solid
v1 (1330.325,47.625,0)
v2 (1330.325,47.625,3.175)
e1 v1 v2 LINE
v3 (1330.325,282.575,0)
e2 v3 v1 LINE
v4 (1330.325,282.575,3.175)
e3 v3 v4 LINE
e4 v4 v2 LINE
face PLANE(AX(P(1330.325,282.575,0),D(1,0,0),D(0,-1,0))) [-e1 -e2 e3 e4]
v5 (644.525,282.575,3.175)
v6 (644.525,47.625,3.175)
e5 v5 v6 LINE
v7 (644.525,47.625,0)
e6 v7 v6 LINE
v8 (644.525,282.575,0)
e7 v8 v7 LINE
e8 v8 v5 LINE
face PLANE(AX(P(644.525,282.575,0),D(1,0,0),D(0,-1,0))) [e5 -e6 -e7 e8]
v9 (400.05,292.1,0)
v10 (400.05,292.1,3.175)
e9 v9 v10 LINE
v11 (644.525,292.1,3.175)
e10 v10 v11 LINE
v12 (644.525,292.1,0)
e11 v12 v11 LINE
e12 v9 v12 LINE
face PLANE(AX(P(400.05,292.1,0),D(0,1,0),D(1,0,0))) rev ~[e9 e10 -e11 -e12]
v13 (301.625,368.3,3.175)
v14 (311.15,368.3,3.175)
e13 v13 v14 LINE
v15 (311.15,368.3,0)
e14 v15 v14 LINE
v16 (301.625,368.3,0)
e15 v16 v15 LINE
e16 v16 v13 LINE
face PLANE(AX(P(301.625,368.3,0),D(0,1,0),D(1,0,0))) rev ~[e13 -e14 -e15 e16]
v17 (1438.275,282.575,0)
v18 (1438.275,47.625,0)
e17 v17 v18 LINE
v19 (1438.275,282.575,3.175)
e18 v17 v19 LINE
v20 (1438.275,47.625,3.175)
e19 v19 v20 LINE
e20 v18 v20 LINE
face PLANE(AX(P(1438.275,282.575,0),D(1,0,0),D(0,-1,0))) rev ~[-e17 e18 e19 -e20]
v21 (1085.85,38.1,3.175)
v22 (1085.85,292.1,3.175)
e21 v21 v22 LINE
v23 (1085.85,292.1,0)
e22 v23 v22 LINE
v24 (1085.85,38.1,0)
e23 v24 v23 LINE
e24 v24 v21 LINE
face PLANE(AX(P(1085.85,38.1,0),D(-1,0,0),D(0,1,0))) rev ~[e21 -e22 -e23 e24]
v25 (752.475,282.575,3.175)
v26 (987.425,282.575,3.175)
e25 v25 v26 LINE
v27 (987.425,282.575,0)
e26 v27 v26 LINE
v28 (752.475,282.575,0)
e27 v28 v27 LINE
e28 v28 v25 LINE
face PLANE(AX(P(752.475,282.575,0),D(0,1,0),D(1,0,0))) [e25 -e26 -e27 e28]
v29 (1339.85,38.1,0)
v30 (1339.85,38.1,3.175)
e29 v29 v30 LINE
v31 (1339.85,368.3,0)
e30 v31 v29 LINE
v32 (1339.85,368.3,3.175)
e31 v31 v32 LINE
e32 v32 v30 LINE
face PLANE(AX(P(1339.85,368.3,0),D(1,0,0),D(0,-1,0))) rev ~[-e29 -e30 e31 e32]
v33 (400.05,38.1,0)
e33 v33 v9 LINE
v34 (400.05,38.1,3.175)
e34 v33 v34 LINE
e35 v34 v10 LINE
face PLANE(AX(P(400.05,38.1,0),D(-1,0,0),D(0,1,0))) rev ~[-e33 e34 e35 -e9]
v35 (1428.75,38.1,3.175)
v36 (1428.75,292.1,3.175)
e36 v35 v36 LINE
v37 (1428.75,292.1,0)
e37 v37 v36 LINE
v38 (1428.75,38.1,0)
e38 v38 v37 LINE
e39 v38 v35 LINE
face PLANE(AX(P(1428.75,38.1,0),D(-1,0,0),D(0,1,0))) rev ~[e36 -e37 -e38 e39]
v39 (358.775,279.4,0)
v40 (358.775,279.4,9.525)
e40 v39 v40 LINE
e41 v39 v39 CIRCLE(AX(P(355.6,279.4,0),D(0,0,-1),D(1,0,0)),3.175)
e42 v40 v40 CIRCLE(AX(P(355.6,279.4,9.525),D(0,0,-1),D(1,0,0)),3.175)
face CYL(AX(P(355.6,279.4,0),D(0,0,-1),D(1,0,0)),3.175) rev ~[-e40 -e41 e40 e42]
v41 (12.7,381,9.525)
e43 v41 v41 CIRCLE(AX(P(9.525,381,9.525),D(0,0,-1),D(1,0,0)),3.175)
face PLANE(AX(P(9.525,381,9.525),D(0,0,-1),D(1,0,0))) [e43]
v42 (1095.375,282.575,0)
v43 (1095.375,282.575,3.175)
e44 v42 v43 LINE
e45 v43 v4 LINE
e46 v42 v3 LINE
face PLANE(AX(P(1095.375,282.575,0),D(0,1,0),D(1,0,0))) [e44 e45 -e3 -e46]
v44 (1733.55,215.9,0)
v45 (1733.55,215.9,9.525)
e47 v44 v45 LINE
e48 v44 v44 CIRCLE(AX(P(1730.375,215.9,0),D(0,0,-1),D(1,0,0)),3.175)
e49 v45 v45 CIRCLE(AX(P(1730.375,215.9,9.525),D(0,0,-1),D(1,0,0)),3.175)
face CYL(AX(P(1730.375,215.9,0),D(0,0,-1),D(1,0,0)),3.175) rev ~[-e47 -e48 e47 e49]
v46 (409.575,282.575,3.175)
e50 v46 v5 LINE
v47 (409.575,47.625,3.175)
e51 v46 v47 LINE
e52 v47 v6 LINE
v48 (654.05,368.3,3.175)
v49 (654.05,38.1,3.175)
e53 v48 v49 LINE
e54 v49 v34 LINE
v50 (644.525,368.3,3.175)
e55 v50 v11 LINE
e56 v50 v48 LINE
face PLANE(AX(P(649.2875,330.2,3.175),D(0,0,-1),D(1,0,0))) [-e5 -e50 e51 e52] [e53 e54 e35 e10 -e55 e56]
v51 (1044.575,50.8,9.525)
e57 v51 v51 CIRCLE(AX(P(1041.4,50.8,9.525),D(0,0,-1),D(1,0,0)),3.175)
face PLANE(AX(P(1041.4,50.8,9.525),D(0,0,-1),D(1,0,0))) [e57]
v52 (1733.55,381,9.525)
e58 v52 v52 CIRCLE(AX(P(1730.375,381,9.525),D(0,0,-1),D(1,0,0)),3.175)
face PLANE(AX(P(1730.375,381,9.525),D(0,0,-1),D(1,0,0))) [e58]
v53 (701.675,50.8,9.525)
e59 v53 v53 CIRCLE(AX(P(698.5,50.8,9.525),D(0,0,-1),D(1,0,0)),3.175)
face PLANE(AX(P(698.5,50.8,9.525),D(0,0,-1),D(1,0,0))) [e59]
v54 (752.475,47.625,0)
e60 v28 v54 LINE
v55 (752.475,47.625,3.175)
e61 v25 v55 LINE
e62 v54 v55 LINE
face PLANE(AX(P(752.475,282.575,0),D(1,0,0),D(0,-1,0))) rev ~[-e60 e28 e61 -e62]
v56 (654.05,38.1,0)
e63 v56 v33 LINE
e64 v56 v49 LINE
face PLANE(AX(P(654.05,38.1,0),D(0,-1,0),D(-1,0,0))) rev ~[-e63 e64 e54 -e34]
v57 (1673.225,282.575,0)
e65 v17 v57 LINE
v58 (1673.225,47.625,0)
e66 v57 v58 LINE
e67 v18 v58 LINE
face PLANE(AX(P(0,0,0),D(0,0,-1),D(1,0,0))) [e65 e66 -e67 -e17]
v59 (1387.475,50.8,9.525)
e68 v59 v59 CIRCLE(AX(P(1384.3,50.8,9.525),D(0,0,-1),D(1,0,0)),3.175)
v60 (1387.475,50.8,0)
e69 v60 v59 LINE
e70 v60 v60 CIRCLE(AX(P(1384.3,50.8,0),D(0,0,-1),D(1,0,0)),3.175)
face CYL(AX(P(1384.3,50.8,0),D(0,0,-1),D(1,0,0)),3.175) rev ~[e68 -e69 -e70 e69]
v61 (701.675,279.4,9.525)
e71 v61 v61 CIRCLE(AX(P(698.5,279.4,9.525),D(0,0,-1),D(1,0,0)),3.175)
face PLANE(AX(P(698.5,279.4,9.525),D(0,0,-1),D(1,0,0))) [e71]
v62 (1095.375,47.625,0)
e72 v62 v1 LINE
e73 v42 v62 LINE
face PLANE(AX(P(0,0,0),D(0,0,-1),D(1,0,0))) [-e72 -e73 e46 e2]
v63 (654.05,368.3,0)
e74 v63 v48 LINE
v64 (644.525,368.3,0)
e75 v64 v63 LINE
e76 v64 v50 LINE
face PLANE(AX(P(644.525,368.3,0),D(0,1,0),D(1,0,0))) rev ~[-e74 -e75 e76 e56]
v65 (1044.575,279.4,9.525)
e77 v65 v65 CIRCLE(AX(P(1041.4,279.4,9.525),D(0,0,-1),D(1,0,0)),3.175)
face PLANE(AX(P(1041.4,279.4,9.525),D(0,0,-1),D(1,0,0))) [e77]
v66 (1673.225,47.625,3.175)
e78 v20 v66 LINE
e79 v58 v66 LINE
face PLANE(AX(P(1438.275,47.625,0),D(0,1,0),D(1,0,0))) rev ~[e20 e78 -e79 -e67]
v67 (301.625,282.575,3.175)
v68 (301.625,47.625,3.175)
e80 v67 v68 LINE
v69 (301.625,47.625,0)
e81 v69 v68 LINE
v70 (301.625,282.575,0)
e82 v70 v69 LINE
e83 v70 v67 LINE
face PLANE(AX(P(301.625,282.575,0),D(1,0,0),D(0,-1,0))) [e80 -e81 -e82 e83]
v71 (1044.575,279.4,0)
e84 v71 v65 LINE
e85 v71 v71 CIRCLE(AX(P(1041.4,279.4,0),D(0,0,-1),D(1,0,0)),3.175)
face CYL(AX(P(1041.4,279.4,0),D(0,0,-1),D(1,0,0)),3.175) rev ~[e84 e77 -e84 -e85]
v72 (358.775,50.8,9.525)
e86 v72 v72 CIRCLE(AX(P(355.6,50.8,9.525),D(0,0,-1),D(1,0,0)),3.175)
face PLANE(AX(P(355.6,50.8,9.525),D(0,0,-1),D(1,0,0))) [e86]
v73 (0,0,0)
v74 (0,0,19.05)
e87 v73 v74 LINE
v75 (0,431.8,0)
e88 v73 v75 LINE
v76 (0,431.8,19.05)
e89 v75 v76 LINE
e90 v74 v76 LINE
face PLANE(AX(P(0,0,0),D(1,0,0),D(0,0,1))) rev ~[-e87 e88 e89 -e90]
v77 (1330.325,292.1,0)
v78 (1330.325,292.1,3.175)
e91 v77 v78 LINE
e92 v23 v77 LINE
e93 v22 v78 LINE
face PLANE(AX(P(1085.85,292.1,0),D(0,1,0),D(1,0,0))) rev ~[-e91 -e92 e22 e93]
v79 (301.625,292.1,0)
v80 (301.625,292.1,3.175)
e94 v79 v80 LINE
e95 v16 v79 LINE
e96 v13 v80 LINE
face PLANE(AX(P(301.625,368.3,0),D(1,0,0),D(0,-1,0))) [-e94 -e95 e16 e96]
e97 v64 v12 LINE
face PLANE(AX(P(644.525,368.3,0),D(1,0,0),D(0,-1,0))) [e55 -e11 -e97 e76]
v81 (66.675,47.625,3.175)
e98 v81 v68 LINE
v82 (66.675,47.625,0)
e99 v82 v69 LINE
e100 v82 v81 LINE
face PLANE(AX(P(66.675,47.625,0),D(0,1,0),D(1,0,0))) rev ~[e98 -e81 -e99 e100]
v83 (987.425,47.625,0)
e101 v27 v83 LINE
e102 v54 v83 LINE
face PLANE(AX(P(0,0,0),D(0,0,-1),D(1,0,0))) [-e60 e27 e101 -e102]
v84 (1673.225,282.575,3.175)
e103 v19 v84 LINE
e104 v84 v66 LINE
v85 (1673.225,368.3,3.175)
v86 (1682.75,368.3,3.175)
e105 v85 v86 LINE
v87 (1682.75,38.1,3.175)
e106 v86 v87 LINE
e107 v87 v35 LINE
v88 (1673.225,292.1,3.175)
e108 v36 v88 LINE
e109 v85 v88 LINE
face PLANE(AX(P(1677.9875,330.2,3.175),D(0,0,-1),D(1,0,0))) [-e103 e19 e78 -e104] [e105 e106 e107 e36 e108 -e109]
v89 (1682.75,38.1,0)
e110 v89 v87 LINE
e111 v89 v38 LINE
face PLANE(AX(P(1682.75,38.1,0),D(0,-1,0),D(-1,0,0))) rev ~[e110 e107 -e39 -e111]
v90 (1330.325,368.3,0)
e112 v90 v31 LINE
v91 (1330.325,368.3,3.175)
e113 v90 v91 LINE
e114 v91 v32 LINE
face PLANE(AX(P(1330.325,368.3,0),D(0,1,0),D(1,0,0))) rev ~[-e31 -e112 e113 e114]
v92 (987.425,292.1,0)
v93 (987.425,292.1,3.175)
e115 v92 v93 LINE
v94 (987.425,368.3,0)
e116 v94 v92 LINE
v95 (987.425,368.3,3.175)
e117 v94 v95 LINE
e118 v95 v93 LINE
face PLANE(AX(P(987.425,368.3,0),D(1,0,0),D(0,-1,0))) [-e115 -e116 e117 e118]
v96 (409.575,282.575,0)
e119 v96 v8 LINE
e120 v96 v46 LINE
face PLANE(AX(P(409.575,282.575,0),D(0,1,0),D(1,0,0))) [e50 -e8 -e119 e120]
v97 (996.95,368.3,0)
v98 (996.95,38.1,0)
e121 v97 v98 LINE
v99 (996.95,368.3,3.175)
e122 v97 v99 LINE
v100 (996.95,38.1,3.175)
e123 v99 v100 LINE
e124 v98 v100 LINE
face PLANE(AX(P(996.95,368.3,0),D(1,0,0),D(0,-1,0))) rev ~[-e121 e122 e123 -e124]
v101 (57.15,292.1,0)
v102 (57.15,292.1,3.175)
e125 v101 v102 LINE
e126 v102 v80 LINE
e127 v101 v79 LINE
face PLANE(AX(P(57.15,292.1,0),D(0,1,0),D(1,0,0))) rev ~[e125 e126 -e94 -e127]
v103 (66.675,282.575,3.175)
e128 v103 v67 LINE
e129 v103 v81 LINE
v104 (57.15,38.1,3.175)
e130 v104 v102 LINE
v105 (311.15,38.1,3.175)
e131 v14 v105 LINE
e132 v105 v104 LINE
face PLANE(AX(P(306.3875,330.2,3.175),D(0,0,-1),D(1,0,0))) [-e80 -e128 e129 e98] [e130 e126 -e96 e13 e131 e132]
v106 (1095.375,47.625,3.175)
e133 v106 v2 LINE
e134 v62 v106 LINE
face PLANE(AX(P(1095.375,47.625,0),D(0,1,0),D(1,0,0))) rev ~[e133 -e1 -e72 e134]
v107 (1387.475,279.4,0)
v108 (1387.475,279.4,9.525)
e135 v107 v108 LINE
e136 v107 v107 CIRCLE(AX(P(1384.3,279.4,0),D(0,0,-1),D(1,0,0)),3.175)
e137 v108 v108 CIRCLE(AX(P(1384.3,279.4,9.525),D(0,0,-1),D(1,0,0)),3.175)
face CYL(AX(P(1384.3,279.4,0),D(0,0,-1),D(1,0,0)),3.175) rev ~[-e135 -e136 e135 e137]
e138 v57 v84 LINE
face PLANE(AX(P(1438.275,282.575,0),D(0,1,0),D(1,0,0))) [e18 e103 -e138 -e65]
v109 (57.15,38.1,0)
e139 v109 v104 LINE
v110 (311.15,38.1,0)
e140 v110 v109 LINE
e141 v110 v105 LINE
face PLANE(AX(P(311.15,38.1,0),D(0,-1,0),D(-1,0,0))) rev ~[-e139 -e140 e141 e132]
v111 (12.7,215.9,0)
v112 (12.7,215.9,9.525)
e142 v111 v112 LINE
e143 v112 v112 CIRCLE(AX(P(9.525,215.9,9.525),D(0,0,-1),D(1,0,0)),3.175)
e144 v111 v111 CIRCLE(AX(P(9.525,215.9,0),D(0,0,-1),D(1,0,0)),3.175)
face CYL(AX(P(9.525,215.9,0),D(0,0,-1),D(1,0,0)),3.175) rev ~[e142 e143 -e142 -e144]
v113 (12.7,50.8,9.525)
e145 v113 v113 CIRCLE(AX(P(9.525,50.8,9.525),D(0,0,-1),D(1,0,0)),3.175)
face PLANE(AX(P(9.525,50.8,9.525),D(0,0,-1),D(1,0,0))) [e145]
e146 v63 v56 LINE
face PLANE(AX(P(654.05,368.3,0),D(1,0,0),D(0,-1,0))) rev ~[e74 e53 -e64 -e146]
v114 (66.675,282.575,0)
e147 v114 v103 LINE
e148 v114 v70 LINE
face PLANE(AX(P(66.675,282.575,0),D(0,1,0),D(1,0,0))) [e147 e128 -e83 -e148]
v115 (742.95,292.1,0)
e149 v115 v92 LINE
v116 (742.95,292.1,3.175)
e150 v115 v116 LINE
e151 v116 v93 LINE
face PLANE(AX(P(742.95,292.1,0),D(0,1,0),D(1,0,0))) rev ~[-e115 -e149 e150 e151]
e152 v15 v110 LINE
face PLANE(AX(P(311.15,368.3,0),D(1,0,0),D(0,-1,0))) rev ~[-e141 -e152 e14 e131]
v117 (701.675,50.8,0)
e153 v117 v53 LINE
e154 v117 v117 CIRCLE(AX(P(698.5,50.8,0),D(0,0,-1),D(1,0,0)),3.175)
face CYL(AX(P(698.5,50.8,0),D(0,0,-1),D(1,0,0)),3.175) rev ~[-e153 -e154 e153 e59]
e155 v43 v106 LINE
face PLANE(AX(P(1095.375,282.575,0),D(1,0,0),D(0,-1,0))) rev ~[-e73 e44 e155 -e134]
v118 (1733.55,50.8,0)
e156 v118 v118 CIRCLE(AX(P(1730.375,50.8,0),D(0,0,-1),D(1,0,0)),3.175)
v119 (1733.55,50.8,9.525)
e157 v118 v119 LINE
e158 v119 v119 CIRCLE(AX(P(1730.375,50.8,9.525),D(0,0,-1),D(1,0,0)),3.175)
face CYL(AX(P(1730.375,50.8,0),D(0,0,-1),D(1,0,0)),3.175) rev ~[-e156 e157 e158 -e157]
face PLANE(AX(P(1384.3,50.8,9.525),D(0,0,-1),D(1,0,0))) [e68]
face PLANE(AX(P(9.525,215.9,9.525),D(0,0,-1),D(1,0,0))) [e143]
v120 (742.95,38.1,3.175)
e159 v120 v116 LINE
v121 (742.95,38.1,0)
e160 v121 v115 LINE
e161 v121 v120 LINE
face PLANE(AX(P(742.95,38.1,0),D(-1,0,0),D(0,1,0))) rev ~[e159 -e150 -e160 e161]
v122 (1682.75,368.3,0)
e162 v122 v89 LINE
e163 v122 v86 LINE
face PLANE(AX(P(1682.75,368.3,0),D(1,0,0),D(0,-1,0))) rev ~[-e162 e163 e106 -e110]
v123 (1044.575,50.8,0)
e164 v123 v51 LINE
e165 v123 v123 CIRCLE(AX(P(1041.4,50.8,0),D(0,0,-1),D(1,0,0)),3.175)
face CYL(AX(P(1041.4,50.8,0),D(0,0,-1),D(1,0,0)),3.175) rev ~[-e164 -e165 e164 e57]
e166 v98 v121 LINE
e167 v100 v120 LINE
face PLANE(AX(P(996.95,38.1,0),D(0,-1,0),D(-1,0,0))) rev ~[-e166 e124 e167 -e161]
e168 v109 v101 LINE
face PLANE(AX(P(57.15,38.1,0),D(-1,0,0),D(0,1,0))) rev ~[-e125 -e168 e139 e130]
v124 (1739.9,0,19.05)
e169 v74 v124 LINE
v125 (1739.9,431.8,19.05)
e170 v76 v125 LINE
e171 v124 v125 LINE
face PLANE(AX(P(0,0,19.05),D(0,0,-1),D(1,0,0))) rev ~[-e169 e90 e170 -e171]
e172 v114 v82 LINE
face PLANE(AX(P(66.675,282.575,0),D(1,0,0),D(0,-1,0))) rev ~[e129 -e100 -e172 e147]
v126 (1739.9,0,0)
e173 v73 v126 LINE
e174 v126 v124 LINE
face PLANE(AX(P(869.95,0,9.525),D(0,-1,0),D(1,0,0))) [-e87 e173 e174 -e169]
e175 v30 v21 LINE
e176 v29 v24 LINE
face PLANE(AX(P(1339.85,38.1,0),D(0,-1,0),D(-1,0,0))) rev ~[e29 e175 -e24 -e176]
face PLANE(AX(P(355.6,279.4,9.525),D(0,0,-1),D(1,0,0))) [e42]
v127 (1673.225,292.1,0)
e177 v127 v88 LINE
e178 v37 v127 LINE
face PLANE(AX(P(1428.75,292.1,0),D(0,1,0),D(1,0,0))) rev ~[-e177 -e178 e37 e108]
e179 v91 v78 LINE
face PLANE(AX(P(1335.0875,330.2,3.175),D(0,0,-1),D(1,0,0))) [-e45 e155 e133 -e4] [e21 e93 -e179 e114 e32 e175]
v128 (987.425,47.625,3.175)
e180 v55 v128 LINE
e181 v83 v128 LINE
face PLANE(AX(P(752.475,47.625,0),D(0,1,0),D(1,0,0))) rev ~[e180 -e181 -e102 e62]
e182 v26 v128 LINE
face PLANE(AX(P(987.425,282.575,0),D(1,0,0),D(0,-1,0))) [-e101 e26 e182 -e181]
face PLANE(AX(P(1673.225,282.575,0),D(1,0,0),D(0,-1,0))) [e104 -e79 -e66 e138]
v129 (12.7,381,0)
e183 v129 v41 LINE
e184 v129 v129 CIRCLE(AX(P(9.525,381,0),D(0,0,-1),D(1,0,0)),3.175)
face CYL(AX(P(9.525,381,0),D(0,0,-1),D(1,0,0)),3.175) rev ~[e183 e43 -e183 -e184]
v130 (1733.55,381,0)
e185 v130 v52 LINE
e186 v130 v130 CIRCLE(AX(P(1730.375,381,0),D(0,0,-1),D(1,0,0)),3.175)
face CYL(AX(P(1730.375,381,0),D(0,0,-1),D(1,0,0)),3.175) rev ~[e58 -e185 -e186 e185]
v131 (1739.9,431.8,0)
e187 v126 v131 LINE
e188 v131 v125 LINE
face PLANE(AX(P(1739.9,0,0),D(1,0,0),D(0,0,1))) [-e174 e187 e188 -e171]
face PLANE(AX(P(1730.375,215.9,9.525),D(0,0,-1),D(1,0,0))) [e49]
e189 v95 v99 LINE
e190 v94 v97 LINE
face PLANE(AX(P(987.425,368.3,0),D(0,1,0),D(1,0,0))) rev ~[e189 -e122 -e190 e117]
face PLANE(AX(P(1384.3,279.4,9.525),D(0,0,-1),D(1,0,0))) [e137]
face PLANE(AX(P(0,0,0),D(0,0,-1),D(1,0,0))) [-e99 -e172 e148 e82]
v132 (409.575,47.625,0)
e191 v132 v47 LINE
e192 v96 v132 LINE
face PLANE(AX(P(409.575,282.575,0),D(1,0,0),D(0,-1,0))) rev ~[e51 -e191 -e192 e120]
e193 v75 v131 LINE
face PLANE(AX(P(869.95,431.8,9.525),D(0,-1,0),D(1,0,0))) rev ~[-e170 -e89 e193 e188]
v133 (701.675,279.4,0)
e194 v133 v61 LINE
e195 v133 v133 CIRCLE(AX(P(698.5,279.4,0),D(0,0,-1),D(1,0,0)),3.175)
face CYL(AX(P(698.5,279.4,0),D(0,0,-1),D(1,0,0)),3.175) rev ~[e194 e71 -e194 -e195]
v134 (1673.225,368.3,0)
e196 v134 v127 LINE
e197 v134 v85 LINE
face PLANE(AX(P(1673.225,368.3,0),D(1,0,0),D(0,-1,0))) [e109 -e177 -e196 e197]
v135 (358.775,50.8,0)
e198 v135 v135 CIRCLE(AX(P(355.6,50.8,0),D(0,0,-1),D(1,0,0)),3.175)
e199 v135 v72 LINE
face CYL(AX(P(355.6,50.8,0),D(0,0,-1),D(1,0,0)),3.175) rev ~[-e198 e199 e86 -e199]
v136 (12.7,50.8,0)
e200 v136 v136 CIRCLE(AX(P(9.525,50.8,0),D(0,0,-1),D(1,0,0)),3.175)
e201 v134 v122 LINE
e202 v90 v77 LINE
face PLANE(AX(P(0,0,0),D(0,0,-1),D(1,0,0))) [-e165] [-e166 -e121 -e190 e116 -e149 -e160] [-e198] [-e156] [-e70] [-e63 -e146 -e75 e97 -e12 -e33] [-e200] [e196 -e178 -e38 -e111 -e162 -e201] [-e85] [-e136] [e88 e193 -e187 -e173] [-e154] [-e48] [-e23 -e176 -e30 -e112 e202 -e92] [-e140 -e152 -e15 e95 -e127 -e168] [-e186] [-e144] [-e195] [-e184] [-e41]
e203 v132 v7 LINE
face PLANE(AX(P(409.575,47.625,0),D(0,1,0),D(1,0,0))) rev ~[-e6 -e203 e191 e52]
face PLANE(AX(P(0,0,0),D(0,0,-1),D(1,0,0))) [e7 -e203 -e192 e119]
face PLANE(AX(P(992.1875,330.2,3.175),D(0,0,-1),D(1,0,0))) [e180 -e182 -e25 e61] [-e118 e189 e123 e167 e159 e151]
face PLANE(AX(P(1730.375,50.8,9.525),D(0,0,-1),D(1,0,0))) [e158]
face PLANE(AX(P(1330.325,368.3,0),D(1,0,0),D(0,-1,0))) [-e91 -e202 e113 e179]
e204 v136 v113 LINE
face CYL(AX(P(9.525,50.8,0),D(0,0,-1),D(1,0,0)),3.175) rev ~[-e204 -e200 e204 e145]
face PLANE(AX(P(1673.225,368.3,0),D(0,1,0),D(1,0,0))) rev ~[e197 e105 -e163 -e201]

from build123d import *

# Parameters (mm, degrees)
F0_W     = 1739.9
F0_H     = 19.05
F1_DEPTH = 431.8
F2_R     = 3.175
F3_DEPTH = 9.525
F4_W     = 9.525
F4_H     = 76.2
F4_W_2   = 234.95
F4_H_2   = 234.95
F5_DEPTH = 3.175


with BuildPart() as f1:
    # F0 (on Front) → F1 (new body)
    with BuildSketch(Plane.XZ):
        with Locations((869.95, 9.525)):
            Rectangle(F0_W, F0_H)
    extrude(amount=-F1_DEPTH)

    # F2 (on face) → F3 (cut)
    with BuildSketch(Plane(origin=(0, 0, 0), x_dir=(1, 0, 0), z_dir=(0, 0, -1))):
        with Locations((1730.375, -381)):
            Circle(F2_R)
        with Locations((1730.375, -215.9)):
            Circle(F2_R)
        with Locations((1730.375, -50.8)):
            Circle(F2_R)
        with Locations((9.525, -381)):
            Circle(F2_R)
        with Locations((9.525, -215.9)):
            Circle(F2_R)
        with Locations((9.525, -50.8)):
            Circle(F2_R)
        with Locations((1384.3, -50.8)):
            Circle(F2_R)
        with Locations((1384.3, -279.4)):
            Circle(F2_R)
        with Locations((698.5, -50.8)):
            Circle(F2_R)
        with Locations((355.6, -279.4)):
            Circle(F2_R)
        with Locations((698.5, -279.4)):
            Circle(F2_R)
        with Locations((1041.4, -50.8)):
            Circle(F2_R)
        with Locations((1041.4, -279.4)):
            Circle(F2_R)
        with Locations((355.6, -50.8)):
            Circle(F2_R)
    extrude(amount=-F3_DEPTH, mode=Mode.SUBTRACT)

    # F4 (on face) → F5 (cut)
    with BuildSketch(Plane(origin=(0, 0, 0), x_dir=(1, 0, 0), z_dir=(0, 0, -1))):
        with Locations((1677.9875, -330.2)):
            Rectangle(F4_W, F4_H)
        Polygon((1673.225, -292.1), (1682.75, -292.1), (1682.75, -38.1), (1428.75, -38.1), (1428.75, -292.1), align=None)
        with Locations((1555.75, -165.1)):
            Rectangle(F4_W_2, F4_H_2, mode=Mode.SUBTRACT)
        with Locations((1335.0875, -330.2)):
            Rectangle(F4_W, F4_H)
        Polygon((1330.325, -292.1), (1339.85, -292.1), (1339.85, -38.1), (1085.85, -38.1), (1085.85, -292.1), align=None)
        with Locations((1212.85, -165.1)):
            Rectangle(F4_W_2, F4_H_2, mode=Mode.SUBTRACT)
        with Locations((992.1875, -330.2)):
            Rectangle(F4_W, F4_H)
        Polygon((987.425, -292.1), (996.95, -292.1), (996.95, -38.1), (742.95, -38.1), (742.95, -292.1), align=None)
        with Locations((869.95, -165.1)):
            Rectangle(F4_W_2, F4_H_2, mode=Mode.SUBTRACT)
        with Locations((649.2875, -330.2)):
            Rectangle(F4_W, F4_H)
        Polygon((644.525, -292.1), (654.05, -292.1), (654.05, -38.1), (400.05, -38.1), (400.05, -292.1), align=None)
        with Locations((527.05, -165.1)):
            Rectangle(F4_W_2, F4_H_2, mode=Mode.SUBTRACT)
        with Locations((306.3875, -330.2)):
            Rectangle(F4_W, F4_H)
        Polygon((301.625, -292.1), (311.15, -292.1), (311.15, -38.1), (57.15, -38.1), (57.15, -292.1), align=None)
        with Locations((184.15, -165.1)):
            Rectangle(F4_W_2, F4_H_2, mode=Mode.SUBTRACT)
    extrude(amount=-F5_DEPTH, mode=Mode.SUBTRACT)


solid = f1.part
